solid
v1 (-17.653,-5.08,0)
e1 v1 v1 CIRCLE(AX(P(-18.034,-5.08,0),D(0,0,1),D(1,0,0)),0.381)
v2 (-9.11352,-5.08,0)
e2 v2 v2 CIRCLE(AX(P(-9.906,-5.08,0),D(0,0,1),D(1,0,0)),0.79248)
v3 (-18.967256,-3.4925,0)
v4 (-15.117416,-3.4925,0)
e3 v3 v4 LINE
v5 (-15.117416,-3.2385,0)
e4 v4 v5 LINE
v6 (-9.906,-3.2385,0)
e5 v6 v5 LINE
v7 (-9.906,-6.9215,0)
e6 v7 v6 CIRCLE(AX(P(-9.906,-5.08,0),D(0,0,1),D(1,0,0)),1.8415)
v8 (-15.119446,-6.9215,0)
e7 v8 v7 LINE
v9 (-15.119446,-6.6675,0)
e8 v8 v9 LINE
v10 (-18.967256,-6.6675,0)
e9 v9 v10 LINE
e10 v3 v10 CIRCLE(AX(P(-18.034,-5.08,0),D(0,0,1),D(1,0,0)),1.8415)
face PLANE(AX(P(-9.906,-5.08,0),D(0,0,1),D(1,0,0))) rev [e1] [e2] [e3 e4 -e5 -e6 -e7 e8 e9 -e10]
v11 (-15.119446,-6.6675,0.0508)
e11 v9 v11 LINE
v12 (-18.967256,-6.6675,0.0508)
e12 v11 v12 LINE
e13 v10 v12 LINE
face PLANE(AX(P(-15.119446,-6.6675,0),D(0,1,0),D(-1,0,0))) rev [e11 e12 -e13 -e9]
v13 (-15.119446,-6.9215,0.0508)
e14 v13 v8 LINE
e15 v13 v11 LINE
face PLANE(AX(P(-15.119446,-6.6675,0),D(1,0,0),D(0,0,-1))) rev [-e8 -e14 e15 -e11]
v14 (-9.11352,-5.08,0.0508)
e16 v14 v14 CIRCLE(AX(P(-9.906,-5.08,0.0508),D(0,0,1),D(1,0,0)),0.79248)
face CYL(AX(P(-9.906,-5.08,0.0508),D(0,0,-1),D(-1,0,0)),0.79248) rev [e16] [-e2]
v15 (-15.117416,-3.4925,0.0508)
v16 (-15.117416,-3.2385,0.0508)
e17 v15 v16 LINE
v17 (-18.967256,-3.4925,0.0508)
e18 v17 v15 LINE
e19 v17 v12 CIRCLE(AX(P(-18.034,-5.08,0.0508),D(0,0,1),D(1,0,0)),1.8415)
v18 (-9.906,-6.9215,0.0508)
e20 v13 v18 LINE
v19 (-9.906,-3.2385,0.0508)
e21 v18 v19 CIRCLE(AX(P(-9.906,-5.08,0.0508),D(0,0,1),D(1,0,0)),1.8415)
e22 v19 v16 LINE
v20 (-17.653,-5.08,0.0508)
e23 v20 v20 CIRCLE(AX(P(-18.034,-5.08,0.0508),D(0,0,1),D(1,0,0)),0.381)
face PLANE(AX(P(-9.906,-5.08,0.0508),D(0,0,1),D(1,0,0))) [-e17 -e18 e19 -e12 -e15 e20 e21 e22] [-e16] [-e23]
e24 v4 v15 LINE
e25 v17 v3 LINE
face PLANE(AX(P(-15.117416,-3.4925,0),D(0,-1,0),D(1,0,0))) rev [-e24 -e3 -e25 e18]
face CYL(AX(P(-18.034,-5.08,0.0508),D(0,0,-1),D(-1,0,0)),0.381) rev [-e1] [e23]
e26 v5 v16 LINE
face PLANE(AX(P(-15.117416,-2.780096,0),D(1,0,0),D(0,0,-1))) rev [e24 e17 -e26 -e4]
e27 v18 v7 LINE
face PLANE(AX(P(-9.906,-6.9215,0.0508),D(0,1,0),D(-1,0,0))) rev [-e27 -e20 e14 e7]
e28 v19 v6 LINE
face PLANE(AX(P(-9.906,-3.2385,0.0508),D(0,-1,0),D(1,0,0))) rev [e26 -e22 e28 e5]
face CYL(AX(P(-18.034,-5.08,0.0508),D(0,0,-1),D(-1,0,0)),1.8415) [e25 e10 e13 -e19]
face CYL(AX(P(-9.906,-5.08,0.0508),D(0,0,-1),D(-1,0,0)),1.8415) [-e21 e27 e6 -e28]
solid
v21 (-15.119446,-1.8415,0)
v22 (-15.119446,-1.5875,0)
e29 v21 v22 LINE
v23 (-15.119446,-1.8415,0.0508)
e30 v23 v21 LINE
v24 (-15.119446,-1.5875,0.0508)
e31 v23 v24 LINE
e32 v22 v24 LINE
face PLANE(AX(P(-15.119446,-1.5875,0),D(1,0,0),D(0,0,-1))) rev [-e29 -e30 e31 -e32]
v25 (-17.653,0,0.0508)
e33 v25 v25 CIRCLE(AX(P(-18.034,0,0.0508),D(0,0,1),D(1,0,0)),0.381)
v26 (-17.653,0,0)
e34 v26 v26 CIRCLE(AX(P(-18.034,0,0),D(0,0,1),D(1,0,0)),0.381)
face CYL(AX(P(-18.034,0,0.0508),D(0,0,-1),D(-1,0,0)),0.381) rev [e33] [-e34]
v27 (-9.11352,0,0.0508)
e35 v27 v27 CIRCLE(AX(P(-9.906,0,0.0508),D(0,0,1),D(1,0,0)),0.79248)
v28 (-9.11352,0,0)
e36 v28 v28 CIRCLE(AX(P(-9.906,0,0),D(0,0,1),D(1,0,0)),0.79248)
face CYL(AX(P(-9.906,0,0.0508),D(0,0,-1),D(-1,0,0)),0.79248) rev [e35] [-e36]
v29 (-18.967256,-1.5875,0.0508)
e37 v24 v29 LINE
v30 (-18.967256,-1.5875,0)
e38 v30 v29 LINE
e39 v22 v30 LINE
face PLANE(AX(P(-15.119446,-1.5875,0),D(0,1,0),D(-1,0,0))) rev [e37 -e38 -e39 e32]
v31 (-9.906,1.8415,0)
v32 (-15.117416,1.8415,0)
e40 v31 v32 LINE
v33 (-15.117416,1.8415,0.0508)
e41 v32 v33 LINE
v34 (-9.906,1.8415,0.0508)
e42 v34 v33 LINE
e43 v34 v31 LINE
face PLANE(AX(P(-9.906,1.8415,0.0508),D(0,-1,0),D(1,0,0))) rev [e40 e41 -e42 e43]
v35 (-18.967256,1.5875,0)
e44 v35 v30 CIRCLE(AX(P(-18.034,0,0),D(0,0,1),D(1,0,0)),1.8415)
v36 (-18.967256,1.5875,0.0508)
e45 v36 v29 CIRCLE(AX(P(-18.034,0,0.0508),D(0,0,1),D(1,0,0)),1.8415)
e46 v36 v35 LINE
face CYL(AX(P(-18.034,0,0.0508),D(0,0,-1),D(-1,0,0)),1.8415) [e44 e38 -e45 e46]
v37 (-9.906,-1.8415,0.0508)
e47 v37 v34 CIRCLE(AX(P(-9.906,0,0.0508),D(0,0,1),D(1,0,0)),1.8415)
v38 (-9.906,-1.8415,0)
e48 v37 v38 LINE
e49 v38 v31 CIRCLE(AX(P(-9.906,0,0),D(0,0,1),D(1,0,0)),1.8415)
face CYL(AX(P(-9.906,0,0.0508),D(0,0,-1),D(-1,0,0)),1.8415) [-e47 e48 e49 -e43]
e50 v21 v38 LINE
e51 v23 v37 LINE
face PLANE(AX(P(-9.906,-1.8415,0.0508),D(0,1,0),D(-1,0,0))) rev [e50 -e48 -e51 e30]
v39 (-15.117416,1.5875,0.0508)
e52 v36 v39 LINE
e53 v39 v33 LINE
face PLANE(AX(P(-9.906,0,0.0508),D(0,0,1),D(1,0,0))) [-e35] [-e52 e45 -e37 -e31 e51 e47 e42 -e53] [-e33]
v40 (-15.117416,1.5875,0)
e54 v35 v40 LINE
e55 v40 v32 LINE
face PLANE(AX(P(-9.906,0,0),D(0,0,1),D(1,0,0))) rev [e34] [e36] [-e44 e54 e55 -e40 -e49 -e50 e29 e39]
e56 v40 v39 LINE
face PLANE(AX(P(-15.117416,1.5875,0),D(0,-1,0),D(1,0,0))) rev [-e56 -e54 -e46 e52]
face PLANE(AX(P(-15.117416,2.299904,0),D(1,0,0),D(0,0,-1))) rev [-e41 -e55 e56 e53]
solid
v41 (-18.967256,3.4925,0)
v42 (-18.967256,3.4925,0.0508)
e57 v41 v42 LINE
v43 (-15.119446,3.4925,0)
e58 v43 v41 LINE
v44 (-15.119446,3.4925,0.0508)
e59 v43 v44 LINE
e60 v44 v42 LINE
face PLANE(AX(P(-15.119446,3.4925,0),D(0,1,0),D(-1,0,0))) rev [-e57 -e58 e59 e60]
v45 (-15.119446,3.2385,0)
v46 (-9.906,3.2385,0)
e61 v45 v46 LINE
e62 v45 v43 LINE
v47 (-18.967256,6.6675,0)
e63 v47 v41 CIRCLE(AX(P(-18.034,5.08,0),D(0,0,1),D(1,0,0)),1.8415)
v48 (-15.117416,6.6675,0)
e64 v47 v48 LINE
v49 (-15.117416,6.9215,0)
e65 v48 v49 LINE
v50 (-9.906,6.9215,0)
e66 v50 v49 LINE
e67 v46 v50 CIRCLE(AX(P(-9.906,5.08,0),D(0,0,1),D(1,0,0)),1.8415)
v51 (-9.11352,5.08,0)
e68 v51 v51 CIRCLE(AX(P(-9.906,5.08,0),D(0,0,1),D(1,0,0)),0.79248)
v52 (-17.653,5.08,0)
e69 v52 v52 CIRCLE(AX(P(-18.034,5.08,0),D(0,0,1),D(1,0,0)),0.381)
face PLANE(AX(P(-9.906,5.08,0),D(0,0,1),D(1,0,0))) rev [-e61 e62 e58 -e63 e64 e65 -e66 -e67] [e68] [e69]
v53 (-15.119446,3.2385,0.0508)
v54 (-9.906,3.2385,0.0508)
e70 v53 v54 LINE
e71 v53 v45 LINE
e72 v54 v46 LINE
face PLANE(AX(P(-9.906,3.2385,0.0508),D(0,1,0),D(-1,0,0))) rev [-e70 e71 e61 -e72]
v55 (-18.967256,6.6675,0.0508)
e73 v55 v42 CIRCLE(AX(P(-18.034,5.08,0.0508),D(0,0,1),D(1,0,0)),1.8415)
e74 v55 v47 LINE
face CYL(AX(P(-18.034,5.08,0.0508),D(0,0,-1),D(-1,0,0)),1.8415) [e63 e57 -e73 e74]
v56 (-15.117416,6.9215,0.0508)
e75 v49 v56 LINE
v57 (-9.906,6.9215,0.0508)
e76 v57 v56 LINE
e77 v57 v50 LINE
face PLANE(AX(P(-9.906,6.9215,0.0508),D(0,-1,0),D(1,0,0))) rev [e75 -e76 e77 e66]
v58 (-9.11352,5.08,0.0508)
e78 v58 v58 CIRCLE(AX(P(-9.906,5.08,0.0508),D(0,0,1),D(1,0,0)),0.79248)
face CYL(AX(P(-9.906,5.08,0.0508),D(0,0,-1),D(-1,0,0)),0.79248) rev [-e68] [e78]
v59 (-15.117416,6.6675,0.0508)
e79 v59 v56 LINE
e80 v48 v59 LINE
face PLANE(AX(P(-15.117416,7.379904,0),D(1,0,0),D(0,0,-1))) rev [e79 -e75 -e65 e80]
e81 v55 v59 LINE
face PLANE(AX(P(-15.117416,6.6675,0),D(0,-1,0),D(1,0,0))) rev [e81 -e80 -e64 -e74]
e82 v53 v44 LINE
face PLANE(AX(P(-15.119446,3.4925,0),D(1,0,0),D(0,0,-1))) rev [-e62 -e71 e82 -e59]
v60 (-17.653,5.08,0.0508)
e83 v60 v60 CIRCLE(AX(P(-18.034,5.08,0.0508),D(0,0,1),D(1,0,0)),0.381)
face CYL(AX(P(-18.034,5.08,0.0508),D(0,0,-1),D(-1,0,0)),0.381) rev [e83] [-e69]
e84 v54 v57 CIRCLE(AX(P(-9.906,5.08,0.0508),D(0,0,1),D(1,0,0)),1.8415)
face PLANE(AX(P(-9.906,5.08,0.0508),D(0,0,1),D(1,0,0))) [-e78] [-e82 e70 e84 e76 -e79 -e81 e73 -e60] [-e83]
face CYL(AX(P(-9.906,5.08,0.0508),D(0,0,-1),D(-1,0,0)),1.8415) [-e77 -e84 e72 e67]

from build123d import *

# Parameters (mm, degrees)
SKETCH1_R           = 0.381
SKETCH1_R_2         = 0.79248
BOSS_EXTRUDE1_DEPTH = 0.0508
SKETCH2_W           = 4.807264271
SKETCH2_H           = 0.712403932
SKETCH2_W_2         = 4.805234364
SKETCH2_H_2         = 0.796216159
CUT_EXTRUDE1_DEPTH  = 0.0508
LPATTERN1_COUNT     = 3
LPATTERN1_PITCH     = 5.08


with BuildPart() as part:
    # Sketch1 → Boss-Extrude1 (new body)
    with BuildSketch(Plane.XY):
        with BuildLine():
            Line((-9.906, 3.2385), (-18.034, 3.2385))
            ThreePointArc((-18.034, 3.2385), (-19.8755, 5.08), (-18.034, 6.9215))
            Line((-18.034, 6.9215), (-9.906, 6.9215))
            ThreePointArc((-9.906, 6.9215), (-8.0645, 5.08), (-9.906, 3.2385))
        make_face()
        with Locations((-18.034, 5.08)):
            Circle(SKETCH1_R, mode=Mode.SUBTRACT)
        with Locations((-9.906, 5.08)):
            Circle(SKETCH1_R_2, mode=Mode.SUBTRACT)
    extrude(amount=BOSS_EXTRUDE1_DEPTH)

    # Sketch2 → Cut-Extrude1 (cut)
    with BuildSketch(Plane.XY.offset(0.0508)):
        with Locations((-17.521048287, 7.023701966)):
            Rectangle(SKETCH2_W, SKETCH2_H)
        with Locations((-17.52206324, 3.094391921)):
            Rectangle(SKETCH2_W_2, SKETCH2_H_2)
    extrude(amount=-CUT_EXTRUDE1_DEPTH, mode=Mode.SUBTRACT)


with BuildPart() as lpattern1_1:
    # LPattern1: pattern copy
    add(part.part.moved(Location(Vector(0, -1, 0) * (1 * LPATTERN1_PITCH))))


with BuildPart() as lpattern1_2:
    # LPattern1: pattern copy
    add(part.part.moved(Location(Vector(0, -1, 0) * (2 * LPATTERN1_PITCH))))


solid = Compound([part.part, lpattern1_1.part, lpattern1_2.part])
